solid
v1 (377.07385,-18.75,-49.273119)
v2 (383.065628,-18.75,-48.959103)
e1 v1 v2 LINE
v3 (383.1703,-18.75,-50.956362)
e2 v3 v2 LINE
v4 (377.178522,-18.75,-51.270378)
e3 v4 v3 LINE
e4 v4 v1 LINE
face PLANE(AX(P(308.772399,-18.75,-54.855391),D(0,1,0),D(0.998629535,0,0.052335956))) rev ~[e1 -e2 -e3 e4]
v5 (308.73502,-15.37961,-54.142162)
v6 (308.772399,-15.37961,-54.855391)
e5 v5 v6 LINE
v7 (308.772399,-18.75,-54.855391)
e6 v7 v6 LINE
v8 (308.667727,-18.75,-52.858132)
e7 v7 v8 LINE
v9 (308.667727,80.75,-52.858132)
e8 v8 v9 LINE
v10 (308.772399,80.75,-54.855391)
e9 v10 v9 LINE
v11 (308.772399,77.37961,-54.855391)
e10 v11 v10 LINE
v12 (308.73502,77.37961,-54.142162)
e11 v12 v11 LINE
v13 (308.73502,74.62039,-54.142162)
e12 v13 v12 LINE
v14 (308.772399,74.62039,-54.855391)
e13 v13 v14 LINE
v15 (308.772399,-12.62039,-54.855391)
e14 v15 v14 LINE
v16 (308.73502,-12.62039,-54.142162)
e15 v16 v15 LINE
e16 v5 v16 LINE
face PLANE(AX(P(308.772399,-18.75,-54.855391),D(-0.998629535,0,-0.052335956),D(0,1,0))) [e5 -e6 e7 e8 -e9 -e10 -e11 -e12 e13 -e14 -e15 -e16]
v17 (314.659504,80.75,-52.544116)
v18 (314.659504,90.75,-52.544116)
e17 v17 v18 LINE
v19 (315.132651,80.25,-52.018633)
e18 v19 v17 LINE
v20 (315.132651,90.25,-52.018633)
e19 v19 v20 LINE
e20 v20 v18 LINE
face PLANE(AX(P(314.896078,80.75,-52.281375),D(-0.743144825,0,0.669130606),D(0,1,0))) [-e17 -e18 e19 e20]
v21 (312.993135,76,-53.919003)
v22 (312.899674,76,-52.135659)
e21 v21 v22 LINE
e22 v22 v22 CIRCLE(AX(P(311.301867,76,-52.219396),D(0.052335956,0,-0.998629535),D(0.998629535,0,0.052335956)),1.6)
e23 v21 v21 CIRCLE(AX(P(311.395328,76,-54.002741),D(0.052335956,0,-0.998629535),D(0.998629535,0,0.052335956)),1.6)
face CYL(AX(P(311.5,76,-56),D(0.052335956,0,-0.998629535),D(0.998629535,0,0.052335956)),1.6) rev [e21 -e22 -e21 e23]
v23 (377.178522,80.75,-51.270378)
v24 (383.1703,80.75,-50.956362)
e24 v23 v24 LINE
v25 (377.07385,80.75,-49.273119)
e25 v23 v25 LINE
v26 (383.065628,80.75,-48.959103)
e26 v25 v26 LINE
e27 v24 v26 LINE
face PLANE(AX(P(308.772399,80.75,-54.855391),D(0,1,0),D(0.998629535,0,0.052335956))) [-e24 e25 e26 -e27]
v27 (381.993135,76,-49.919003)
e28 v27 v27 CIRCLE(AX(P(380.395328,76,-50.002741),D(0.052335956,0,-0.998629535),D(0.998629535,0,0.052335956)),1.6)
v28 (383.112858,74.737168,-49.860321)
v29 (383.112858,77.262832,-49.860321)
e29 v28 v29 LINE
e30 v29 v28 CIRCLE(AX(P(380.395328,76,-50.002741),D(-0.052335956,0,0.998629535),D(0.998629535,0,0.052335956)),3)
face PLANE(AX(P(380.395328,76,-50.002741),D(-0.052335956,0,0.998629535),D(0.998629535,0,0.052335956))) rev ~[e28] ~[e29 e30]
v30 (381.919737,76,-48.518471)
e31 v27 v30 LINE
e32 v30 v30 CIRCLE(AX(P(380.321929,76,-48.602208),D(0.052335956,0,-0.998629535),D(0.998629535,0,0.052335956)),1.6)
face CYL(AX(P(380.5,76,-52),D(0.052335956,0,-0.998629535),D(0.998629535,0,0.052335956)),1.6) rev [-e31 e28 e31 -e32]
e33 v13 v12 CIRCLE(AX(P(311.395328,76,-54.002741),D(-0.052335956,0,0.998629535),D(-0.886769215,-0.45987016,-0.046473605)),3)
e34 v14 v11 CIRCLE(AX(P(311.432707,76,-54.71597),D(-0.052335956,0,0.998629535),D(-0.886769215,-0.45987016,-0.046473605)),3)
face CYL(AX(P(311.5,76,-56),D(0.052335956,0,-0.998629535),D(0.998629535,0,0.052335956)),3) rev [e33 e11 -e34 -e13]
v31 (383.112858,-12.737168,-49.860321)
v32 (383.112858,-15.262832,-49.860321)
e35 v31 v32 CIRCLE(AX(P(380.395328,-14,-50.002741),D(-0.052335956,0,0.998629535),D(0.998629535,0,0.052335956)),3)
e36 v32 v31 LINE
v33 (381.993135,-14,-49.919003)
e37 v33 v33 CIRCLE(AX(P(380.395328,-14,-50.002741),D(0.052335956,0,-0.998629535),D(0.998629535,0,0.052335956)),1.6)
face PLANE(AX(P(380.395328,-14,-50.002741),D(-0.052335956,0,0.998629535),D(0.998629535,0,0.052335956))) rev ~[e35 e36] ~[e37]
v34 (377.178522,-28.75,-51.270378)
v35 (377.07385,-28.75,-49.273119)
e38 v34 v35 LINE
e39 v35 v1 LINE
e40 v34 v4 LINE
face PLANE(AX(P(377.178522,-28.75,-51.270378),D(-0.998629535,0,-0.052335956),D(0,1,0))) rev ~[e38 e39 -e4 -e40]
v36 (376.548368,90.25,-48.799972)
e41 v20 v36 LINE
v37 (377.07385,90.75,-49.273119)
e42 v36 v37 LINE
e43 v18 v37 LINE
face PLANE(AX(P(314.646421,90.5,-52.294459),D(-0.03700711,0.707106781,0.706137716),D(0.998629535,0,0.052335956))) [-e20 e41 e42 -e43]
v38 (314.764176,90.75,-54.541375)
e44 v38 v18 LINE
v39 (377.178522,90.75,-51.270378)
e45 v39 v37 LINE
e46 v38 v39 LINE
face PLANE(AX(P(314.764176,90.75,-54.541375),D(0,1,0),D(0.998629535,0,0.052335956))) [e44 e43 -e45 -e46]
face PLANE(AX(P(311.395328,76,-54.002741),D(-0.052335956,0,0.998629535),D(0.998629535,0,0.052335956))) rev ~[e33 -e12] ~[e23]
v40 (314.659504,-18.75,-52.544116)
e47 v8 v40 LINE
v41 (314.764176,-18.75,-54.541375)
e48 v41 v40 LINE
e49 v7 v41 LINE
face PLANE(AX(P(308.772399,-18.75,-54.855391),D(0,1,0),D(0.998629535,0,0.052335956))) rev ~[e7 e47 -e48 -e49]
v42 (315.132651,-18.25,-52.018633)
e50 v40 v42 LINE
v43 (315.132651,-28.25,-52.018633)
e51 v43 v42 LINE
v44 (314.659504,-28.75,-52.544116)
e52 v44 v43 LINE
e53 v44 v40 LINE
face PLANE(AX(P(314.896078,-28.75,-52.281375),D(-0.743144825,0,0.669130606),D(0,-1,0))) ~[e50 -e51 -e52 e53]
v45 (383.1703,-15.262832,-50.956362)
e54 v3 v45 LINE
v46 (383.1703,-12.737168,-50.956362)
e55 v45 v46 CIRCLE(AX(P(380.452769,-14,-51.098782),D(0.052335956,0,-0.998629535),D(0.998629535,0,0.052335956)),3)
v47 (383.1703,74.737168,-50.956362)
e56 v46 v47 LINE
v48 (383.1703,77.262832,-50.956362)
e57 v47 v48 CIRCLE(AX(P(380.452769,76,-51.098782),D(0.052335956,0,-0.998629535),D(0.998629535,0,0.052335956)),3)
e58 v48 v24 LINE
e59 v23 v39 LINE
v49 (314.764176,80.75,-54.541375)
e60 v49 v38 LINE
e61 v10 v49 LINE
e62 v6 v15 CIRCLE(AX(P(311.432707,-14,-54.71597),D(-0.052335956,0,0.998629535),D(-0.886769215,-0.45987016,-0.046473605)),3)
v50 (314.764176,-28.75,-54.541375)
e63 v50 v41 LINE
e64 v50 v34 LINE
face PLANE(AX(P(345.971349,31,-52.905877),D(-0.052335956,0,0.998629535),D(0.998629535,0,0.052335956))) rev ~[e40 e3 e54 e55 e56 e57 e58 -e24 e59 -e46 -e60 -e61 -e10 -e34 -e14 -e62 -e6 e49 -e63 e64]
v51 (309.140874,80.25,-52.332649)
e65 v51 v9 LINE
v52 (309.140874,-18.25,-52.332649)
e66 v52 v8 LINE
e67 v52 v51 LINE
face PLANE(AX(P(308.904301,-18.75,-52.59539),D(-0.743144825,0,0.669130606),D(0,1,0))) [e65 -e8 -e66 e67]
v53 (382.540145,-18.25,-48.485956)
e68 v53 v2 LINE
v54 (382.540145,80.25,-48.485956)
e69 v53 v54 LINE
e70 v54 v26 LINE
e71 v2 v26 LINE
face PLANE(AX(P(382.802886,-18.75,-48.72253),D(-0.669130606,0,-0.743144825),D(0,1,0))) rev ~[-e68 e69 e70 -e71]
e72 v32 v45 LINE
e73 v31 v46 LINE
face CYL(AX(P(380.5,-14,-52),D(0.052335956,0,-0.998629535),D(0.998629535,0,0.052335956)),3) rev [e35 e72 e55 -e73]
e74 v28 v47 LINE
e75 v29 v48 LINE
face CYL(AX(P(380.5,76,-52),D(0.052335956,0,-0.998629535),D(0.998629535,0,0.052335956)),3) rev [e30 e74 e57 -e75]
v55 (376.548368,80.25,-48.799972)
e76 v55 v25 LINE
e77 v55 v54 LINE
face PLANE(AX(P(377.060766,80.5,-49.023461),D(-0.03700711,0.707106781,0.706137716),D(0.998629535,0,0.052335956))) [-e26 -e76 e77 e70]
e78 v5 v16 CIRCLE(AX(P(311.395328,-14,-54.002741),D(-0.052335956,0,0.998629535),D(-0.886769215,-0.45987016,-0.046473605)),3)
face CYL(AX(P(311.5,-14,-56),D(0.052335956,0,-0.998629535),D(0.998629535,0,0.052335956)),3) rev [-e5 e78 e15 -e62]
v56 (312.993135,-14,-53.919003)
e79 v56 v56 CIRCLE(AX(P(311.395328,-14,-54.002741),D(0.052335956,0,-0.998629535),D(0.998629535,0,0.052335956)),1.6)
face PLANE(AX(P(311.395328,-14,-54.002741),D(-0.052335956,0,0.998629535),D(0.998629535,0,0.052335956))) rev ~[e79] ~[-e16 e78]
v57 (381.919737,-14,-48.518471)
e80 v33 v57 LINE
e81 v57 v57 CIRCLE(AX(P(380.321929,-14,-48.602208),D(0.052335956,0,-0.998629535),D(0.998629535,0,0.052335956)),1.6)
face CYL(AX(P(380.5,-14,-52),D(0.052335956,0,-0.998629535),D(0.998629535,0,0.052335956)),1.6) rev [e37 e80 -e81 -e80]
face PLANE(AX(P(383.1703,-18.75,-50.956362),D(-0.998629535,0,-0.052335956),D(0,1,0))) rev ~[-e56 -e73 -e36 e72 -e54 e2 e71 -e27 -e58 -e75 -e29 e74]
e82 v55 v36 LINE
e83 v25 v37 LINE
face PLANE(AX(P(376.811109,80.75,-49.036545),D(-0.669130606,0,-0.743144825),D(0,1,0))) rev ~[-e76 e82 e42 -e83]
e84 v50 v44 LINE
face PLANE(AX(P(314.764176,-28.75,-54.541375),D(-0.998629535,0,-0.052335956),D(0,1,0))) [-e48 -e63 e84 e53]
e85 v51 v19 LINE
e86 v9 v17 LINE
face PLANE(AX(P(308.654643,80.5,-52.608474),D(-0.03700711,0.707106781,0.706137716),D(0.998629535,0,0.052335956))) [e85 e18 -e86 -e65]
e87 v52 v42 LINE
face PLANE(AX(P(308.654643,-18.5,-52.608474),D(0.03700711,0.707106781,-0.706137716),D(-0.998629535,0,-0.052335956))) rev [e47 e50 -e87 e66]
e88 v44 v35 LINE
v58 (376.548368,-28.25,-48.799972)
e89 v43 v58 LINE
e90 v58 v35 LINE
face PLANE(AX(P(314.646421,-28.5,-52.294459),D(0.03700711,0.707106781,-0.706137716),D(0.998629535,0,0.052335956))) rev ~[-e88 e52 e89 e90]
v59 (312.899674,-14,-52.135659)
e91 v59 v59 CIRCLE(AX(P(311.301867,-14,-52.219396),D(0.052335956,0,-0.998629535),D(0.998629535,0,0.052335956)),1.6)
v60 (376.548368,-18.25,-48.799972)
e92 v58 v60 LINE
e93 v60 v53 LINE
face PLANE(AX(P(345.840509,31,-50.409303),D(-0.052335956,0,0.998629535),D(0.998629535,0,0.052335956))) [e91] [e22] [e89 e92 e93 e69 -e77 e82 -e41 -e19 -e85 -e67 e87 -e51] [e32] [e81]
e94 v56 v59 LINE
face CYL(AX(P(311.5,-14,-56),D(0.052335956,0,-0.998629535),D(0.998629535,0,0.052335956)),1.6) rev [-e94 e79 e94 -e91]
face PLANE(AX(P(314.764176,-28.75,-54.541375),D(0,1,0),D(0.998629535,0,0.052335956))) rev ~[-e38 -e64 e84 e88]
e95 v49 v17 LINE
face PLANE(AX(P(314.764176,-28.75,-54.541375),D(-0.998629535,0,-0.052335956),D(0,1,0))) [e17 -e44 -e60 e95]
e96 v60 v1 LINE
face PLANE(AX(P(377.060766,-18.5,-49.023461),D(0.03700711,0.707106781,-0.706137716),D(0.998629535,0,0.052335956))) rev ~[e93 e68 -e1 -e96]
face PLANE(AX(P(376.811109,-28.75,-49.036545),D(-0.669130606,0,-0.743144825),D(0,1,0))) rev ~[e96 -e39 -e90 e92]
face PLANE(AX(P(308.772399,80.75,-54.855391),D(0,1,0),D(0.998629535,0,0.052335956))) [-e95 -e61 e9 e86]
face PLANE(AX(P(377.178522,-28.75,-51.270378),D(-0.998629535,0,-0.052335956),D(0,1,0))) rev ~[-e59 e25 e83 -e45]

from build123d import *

# Parameters (mm, degrees)
CYLINDER425_R               = 1.6
CYLINDER425_DEPTH           = 15
CYLINDER425_PLACEMENT_ANGLE = 3
CYLINDER428_R               = 1.6
CYLINDER428_DEPTH           = 15
CYLINDER428_PLACEMENT_ANGLE = 3
CYLINDER426_R               = 1.6
CYLINDER426_DEPTH           = 15
CYLINDER426_PLACEMENT_ANGLE = 3
CYLINDER427_R               = 1.6
CYLINDER427_DEPTH           = 15
CYLINDER427_PLACEMENT_ANGLE = 3
CYLINDER422_R               = 3
CYLINDER422_DEPTH           = 2
CYLINDER422_PLACEMENT_ANGLE = 3
CYLINDER423_R               = 3
CYLINDER423_DEPTH           = 2
CYLINDER423_PLACEMENT_ANGLE = 3
CYLINDER424_R               = 3
CYLINDER424_DEPTH           = 2
CYLINDER424_PLACEMENT_ANGLE = 3
CYLINDER421_R               = 3
CYLINDER421_DEPTH           = 2
CYLINDER421_PLACEMENT_ANGLE = 3
BOX289_W                    = 62.5
BOX289_H                    = 119.5
BOX289_DEPTH                = 2.5
BOX288_W                    = 74.5
BOX288_H                    = 99.5
BOX288_DEPTH                = 2.5
CHAMFER028_SIZE             = 0.5
CHAMFER028_PLACEMENT_ANGLE  = 3


with BuildPart() as cylinder560:
    # Cylinder425 → Cylinder425 (new body)
    with BuildSketch(Plane.XY):
        Circle(CYLINDER425_R)
    extrude(amount=CYLINDER425_DEPTH)


with BuildPart() as cylinder560_1:
    # Cylinder425 placement: moved
    add(cylinder560.part.moved(Location((380.5, -14, -52))).rotate(Axis((380.5, -14, -52), (0, -1, 0)), CYLINDER425_PLACEMENT_ANGLE))


with BuildPart() as fusion380:
    # Cylinder428 → Cylinder428 (new body)
    with BuildSketch(Plane.XY):
        Circle(CYLINDER428_R)
    extrude(amount=CYLINDER428_DEPTH)


with BuildPart() as fusion380_1:
    # Cylinder428 placement: moved
    add(fusion380.part.moved(Location((311.5, -14, -56))).rotate(Axis((311.5, -14, -56), (0, -1, 0)), CYLINDER428_PLACEMENT_ANGLE))

    # Fusion380: union Cylinder560
    add(cylinder560_1.part)


with BuildPart() as cylinder561:
    # Cylinder426 → Cylinder426 (new body)
    with BuildSketch(Plane.XY):
        Circle(CYLINDER426_R)
    extrude(amount=CYLINDER426_DEPTH)


with BuildPart() as cylinder561_1:
    # Cylinder426 placement: moved
    add(cylinder561.part.moved(Location((380.5, -14, -52))).rotate(Axis((380.5, -14, -52), (0, -1, 0)), CYLINDER426_PLACEMENT_ANGLE))


with BuildPart() as fusion379:
    # Cylinder427 → Cylinder427 (new body)
    with BuildSketch(Plane.XY):
        Circle(CYLINDER427_R)
    extrude(amount=CYLINDER427_DEPTH)


with BuildPart() as fusion379_1:
    # Cylinder427 placement: moved
    add(fusion379.part.moved(Location((311.5, -14, -56))).rotate(Axis((311.5, -14, -56), (0, -1, 0)), CYLINDER427_PLACEMENT_ANGLE))

    # Fusion378: union Cylinder561
    add(cylinder561_1.part)


with BuildPart() as fusion379_2:
    # Fusion378 placement: moved
    add(fusion379_1.part.moved(Location((0, 90, 0))))

    # Fusion379: union Fusion380
    add(fusion380_1.part)


with BuildPart() as cylinder557:
    # Cylinder422 → Cylinder422 (new body)
    with BuildSketch(Plane.XY):
        Circle(CYLINDER422_R)
    extrude(amount=CYLINDER422_DEPTH)


with BuildPart() as cylinder557_1:
    # Cylinder422 placement: moved
    add(cylinder557.part.moved(Location((380.5, -14, -52))).rotate(Axis((380.5, -14, -52), (0, -1, 0)), CYLINDER422_PLACEMENT_ANGLE))


with BuildPart() as fusion376:
    # Cylinder423 → Cylinder423 (new body)
    with BuildSketch(Plane.XY):
        Circle(CYLINDER423_R)
    extrude(amount=CYLINDER423_DEPTH)


with BuildPart() as fusion376_1:
    # Cylinder423 placement: moved
    add(fusion376.part.moved(Location((311.5, -14, -56))).rotate(Axis((311.5, -14, -56), (0, -1, 0)), CYLINDER423_PLACEMENT_ANGLE))

    # Fusion376: union Cylinder557
    add(cylinder557_1.part)


with BuildPart() as cylinder559:
    # Cylinder424 → Cylinder424 (new body)
    with BuildSketch(Plane.XY):
        Circle(CYLINDER424_R)
    extrude(amount=CYLINDER424_DEPTH)


with BuildPart() as cylinder559_1:
    # Cylinder424 placement: moved
    add(cylinder559.part.moved(Location((380.5, -14, -52))).rotate(Axis((380.5, -14, -52), (0, -1, 0)), CYLINDER424_PLACEMENT_ANGLE))


with BuildPart() as fusion381:
    # Cylinder421 → Cylinder421 (new body)
    with BuildSketch(Plane.XY):
        Circle(CYLINDER421_R)
    extrude(amount=CYLINDER421_DEPTH)


with BuildPart() as fusion381_1:
    # Cylinder421 placement: moved
    add(fusion381.part.moved(Location((311.5, -14, -56))).rotate(Axis((311.5, -14, -56), (0, -1, 0)), CYLINDER421_PLACEMENT_ANGLE))

    # Fusion377: union Cylinder559
    add(cylinder559_1.part)


with BuildPart() as fusion381_2:
    # Fusion377 placement: moved
    add(fusion381_1.part.moved(Location((0, 90, 0))))

    # Fusion375: union Fusion376
    add(fusion376_1.part)

    # Fusion381: union Fusion379
    add(fusion379_2.part)


with BuildPart() as cube369:
    # Box289 → Box289 (new body)
    with BuildSketch(Plane(origin=(8.75, -23.75, -0.5), x_dir=(1, 0, 0), z_dir=(0, 0, 1))):
        with Locations((31.25, 59.75)):
            Rectangle(BOX289_W, BOX289_H)
    extrude(amount=BOX289_DEPTH)


with BuildPart() as battery_box_wide_closure:
    # Box288 → Box288 (new body)
    with BuildSketch(Plane(origin=(2.75, -13.75, -0.5), x_dir=(1, 0, 0), z_dir=(0, 0, 1))):
        with Locations((37.25, 49.75)):
            Rectangle(BOX288_W, BOX288_H)
    extrude(amount=BOX288_DEPTH)

    # Fusion371: union Cube369
    add(cube369.part)

    # Chamfer028
    chamfer028_edges = [battery_box_wide_closure.edges().sort_by_distance(p)[0] for p in [
        (2.75, 36, 2),
        (5.75, -13.75, 2),
        (5.75, 85.75, 2),
        (8.75, -18.75, 2),
        (8.75, 90.75, 2),
        (40, -23.75, 2),
        (40, 95.75, 2),
        (71.25, -18.75, 2),
        (71.25, 90.75, 2),
        (74.25, 85.75, 2),
        (77.25, 36, 2),
        (74.25, -13.75, 2),
    ]]
    chamfer(chamfer028_edges, length=CHAMFER028_SIZE)


with BuildPart() as battery_box_wide_closure_1:
    # Chamfer028 placement: moved
    add(battery_box_wide_closure.part.moved(Location((306, -5, -54.5))).rotate(Axis((306, -5, -54.5), (0, -1, 0)), CHAMFER028_PLACEMENT_ANGLE))

    # Cut291: cut Fusion381
    add(fusion381_2.part, mode=Mode.SUBTRACT)


solid = battery_box_wide_closure_1.part
